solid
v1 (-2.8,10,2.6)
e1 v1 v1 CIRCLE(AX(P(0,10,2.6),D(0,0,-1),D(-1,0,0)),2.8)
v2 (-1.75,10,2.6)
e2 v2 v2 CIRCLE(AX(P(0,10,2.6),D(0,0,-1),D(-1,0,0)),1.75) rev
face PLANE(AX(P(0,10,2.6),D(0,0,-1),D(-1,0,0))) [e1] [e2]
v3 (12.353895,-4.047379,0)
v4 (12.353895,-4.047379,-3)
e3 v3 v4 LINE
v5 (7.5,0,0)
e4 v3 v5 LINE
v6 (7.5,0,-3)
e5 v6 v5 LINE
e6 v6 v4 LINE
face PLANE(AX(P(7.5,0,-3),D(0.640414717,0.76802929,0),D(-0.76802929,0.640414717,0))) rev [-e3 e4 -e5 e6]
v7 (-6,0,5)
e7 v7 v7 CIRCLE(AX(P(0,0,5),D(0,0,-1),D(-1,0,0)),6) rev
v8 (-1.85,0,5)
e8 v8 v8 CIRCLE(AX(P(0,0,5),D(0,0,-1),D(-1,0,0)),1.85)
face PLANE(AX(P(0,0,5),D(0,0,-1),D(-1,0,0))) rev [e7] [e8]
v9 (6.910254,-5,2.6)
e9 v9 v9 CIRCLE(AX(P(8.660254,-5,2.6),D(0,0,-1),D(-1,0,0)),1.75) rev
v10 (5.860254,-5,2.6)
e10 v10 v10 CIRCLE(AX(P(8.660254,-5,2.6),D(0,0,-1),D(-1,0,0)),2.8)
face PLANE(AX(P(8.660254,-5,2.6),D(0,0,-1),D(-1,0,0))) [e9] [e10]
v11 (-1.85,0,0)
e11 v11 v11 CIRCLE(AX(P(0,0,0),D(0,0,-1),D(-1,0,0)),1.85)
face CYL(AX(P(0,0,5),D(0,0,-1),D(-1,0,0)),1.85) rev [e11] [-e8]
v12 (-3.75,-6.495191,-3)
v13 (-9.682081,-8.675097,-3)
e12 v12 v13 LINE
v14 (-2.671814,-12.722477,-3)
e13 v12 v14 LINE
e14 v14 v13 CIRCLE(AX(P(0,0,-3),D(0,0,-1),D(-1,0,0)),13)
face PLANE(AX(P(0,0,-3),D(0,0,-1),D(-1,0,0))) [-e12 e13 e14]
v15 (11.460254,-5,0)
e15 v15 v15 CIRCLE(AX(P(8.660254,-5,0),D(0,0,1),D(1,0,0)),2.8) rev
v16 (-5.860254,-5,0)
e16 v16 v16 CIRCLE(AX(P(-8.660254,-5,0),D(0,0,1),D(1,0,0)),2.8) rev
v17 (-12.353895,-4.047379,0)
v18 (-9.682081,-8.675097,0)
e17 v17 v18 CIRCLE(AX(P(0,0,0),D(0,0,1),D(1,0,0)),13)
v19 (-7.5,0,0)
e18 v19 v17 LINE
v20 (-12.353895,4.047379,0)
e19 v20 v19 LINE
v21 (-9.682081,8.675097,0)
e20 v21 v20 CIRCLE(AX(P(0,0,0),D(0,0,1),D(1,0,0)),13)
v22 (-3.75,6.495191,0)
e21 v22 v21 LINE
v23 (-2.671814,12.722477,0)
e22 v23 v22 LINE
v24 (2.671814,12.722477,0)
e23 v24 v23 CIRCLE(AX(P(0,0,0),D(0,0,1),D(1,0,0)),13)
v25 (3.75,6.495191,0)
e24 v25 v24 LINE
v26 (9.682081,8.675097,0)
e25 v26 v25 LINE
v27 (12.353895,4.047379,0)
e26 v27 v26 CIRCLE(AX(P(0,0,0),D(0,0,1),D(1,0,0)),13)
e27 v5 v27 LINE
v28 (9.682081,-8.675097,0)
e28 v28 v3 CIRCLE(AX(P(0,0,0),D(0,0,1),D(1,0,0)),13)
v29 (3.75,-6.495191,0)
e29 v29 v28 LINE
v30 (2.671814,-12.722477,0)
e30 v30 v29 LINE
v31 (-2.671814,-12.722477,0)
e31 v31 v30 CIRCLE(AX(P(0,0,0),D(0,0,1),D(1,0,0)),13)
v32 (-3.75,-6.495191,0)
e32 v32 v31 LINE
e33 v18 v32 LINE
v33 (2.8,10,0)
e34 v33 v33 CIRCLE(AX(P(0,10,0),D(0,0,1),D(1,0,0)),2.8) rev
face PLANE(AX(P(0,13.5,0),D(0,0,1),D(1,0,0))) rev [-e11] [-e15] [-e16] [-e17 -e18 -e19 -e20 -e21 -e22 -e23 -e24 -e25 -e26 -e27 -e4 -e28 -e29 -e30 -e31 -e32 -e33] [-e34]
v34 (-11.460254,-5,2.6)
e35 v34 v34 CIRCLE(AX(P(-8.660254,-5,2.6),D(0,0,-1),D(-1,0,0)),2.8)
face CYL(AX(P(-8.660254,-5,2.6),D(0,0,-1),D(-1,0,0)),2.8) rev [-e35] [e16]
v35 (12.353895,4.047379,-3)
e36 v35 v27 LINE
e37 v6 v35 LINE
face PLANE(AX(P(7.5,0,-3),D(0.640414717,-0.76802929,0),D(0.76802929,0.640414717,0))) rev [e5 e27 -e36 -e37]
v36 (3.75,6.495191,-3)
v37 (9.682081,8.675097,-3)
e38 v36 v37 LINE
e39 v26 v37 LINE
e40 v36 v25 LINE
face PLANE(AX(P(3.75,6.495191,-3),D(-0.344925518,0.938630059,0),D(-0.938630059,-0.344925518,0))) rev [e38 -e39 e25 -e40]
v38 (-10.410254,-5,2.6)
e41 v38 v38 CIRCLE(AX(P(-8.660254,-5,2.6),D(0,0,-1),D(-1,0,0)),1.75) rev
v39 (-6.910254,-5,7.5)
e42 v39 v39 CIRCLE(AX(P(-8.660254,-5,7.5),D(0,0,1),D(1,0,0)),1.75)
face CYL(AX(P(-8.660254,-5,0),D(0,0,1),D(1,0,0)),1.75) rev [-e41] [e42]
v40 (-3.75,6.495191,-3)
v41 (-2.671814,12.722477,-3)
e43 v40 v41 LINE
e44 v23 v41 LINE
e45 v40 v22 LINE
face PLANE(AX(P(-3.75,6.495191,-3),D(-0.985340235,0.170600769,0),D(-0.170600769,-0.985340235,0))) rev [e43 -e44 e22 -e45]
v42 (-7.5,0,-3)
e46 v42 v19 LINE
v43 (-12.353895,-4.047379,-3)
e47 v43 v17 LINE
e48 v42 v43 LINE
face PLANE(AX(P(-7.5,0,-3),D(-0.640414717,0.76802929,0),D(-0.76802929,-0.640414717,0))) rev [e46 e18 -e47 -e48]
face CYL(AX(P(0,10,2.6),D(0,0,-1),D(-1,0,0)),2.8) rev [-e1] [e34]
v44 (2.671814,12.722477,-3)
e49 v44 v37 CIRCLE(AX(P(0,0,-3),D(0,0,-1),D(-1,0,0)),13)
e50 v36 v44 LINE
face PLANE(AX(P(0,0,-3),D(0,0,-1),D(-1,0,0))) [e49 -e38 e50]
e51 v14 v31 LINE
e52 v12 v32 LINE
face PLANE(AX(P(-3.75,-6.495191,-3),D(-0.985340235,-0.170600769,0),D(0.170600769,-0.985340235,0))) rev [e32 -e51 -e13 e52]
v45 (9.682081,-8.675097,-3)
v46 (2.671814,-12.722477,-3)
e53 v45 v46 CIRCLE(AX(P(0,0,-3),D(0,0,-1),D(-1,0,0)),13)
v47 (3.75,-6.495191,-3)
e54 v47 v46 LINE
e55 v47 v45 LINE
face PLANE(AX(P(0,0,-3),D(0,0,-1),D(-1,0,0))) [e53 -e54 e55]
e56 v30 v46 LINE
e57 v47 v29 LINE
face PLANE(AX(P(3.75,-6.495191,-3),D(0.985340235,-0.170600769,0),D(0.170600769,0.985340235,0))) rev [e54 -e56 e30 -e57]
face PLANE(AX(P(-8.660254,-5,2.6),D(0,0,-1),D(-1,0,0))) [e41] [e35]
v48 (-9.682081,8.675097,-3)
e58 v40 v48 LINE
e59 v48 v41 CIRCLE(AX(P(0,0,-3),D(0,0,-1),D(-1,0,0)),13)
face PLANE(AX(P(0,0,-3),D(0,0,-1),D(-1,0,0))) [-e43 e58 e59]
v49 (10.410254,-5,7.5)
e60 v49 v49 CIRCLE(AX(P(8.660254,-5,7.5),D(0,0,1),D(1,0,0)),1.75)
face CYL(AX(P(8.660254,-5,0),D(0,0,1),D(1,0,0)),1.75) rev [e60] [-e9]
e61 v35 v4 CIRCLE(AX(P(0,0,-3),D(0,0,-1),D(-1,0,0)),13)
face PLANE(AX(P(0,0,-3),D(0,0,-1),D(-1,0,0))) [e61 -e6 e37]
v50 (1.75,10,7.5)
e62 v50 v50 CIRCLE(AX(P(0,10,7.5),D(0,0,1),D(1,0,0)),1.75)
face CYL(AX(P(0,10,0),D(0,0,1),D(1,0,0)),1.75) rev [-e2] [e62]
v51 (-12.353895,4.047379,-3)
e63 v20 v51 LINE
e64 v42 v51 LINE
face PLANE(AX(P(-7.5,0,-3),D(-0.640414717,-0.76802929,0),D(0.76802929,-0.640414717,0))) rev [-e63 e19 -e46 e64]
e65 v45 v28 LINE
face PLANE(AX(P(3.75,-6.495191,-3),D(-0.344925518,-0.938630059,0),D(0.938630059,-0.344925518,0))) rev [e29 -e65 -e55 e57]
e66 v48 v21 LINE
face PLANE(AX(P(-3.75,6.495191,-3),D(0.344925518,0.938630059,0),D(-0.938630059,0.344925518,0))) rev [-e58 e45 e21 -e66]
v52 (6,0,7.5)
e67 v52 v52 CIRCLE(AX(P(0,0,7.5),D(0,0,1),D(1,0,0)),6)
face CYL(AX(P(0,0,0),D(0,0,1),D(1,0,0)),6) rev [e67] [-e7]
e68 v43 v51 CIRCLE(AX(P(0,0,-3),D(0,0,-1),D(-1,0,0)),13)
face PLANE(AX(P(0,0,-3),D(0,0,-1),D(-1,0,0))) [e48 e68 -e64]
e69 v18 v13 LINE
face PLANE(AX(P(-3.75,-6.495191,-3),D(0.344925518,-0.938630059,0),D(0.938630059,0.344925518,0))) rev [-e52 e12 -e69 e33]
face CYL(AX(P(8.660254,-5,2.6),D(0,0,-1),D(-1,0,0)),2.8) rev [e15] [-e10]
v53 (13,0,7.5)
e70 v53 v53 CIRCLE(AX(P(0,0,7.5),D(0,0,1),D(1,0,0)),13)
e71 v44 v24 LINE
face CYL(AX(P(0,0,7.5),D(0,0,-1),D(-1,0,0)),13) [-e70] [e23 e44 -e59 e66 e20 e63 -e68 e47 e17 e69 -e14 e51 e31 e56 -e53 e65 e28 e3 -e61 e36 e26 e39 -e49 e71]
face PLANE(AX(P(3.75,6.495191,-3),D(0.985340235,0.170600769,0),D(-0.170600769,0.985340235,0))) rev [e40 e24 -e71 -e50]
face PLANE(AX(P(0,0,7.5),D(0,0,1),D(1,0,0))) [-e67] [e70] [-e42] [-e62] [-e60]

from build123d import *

# Parameters (mm, degrees)
SKETCH_3_R          = 13
EXTRUDE_1_DEPTH     = 7.5
SKETCH_4_R          = 1.75
CUT_EXTRUDE_1_DEPTH = 8.5
SKETCH_5_R          = 2.8
CUT_EXTRUDE_2_DEPTH = 2.6
SKETCH_6_R          = 6
CUT_EXTRUDE_3_DEPTH = 8.5
SKETCH_7_R          = 13
SKETCH_7_R_2        = 2.8
EXTRUDE_2_DEPTH     = 3
CUT_EXTRUDE_4_DEPTH = 4
SKETCH_8_R          = 6
SKETCH_8_R_2        = 1.85
EXTRUDE_3_DEPTH     = 5


with BuildPart() as part:
    # ｽｹｯﾁ3 → ﾎﾞｽ - 押し出し1 (new body)
    with BuildSketch(Plane.XY):
        Circle(SKETCH_3_R)
    extrude(amount=EXTRUDE_1_DEPTH)

    # ｽｹｯﾁ4 → ｶｯﾄ - 押し出し1 (cut, through all)
    with BuildSketch(Plane.XY.offset(7.5)):
        with Locations((0, 10)):
            Circle(SKETCH_4_R)
        with Locations((8.660254038, -5)):
            Circle(SKETCH_4_R)
        with Locations((-8.660254038, -5)):
            Circle(SKETCH_4_R)
    extrude(amount=-CUT_EXTRUDE_1_DEPTH, mode=Mode.SUBTRACT)

    # ｽｹｯﾁ5 → ｶｯﾄ - 押し出し2 (cut)
    with BuildSketch(Plane(origin=(0, 0, 0), x_dir=(-1, 0, 0), z_dir=(0, 0, -1))):
        with Locations((8.660254038, -5)):
            Circle(SKETCH_5_R)
        with Locations((0, 10)):
            Circle(SKETCH_5_R)
        with Locations((-8.660254038, -5)):
            Circle(SKETCH_5_R)
    extrude(amount=-CUT_EXTRUDE_2_DEPTH, mode=Mode.SUBTRACT)

    # ｽｹｯﾁ6 → ｶｯﾄ - 押し出し3 (cut, through all)
    with BuildSketch(Plane.XY.offset(7.5)):
        Circle(SKETCH_6_R)
    extrude(amount=-CUT_EXTRUDE_3_DEPTH, mode=Mode.SUBTRACT)

    # ｽｹｯﾁ7 → ﾎﾞｽ - 押し出し2 (add)
    with BuildSketch(Plane(origin=(0, 0, 0), x_dir=(-1, 0, 0), z_dir=(0, 0, -1))):
        Circle(SKETCH_7_R)
        with Locations((0, 10)):
            Circle(SKETCH_7_R_2, mode=Mode.SUBTRACT)
        with Locations((8.660254038, -5)):
            Circle(SKETCH_7_R_2, mode=Mode.SUBTRACT)
        with Locations((-8.660254038, -5)):
            Circle(SKETCH_7_R_2, mode=Mode.SUBTRACT)
    extrude(amount=EXTRUDE_2_DEPTH)

    # ｽｹｯﾁ2 → ｶｯﾄ - 押し出し4 (cut, through all)
    with BuildSketch(Plane.XY):
        with BuildLine():
            Line((-3.75, 6.495190528), (-2.463350586, 13.926501921))
            ThreePointArc((-2.463350586, 13.926501921), (0, 16), (2.463350586, 13.926501921))
            Line((2.463350586, 13.926501921), (3.75, 6.495190528))
            Line((3.75, 6.495190528), (10.829029157, 9.096575147))
            ThreePointArc((10.829029157, 9.096575147), (13.856406461, 8), (13.292379743, 4.829926775))
            Line((13.292379743, 4.829926775), (7.5, 0))
            Line((7.5, 0), (13.292379743, -4.829926775))
            ThreePointArc((13.292379743, -4.829926775), (13.856406461, -8), (10.829029157, -9.096575147))
            Line((10.829029157, -9.096575147), (3.75, -6.495190528))
            Line((3.75, -6.495190528), (2.463350586, -13.926501921))
            ThreePointArc((2.463350586, -13.926501921), (0, -16), (-2.463350586, -13.926501921))
            Line((-2.463350586, -13.926501921), (-3.75, -6.495190528))
            Line((-3.75, -6.495190528), (-10.829029157, -9.096575147))
            ThreePointArc((-10.829029157, -9.096575147), (-13.856406461, -8), (-13.292379743, -4.829926775))
            Line((-13.292379743, -4.829926775), (-7.5, 0))
            Line((-7.5, 0), (-13.292379743, 4.829926775))
            ThreePointArc((-13.292379743, 4.829926775), (-13.856406461, 8), (-10.829029157, 9.096575147))
            Line((-10.829029157, 9.096575147), (-3.75, 6.495190528))
        make_face()
    extrude(amount=-CUT_EXTRUDE_4_DEPTH, mode=Mode.SUBTRACT)

    # ｽｹｯﾁ8 → ﾎﾞｽ - 押し出し3 (add)
    with BuildSketch(Plane(origin=(0, 0, 0), x_dir=(-1, 0, 0), z_dir=(0, 0, -1))):
        Circle(SKETCH_8_R)
        Circle(SKETCH_8_R_2, mode=Mode.SUBTRACT)
    extrude(amount=-EXTRUDE_3_DEPTH)


solid = part.part
